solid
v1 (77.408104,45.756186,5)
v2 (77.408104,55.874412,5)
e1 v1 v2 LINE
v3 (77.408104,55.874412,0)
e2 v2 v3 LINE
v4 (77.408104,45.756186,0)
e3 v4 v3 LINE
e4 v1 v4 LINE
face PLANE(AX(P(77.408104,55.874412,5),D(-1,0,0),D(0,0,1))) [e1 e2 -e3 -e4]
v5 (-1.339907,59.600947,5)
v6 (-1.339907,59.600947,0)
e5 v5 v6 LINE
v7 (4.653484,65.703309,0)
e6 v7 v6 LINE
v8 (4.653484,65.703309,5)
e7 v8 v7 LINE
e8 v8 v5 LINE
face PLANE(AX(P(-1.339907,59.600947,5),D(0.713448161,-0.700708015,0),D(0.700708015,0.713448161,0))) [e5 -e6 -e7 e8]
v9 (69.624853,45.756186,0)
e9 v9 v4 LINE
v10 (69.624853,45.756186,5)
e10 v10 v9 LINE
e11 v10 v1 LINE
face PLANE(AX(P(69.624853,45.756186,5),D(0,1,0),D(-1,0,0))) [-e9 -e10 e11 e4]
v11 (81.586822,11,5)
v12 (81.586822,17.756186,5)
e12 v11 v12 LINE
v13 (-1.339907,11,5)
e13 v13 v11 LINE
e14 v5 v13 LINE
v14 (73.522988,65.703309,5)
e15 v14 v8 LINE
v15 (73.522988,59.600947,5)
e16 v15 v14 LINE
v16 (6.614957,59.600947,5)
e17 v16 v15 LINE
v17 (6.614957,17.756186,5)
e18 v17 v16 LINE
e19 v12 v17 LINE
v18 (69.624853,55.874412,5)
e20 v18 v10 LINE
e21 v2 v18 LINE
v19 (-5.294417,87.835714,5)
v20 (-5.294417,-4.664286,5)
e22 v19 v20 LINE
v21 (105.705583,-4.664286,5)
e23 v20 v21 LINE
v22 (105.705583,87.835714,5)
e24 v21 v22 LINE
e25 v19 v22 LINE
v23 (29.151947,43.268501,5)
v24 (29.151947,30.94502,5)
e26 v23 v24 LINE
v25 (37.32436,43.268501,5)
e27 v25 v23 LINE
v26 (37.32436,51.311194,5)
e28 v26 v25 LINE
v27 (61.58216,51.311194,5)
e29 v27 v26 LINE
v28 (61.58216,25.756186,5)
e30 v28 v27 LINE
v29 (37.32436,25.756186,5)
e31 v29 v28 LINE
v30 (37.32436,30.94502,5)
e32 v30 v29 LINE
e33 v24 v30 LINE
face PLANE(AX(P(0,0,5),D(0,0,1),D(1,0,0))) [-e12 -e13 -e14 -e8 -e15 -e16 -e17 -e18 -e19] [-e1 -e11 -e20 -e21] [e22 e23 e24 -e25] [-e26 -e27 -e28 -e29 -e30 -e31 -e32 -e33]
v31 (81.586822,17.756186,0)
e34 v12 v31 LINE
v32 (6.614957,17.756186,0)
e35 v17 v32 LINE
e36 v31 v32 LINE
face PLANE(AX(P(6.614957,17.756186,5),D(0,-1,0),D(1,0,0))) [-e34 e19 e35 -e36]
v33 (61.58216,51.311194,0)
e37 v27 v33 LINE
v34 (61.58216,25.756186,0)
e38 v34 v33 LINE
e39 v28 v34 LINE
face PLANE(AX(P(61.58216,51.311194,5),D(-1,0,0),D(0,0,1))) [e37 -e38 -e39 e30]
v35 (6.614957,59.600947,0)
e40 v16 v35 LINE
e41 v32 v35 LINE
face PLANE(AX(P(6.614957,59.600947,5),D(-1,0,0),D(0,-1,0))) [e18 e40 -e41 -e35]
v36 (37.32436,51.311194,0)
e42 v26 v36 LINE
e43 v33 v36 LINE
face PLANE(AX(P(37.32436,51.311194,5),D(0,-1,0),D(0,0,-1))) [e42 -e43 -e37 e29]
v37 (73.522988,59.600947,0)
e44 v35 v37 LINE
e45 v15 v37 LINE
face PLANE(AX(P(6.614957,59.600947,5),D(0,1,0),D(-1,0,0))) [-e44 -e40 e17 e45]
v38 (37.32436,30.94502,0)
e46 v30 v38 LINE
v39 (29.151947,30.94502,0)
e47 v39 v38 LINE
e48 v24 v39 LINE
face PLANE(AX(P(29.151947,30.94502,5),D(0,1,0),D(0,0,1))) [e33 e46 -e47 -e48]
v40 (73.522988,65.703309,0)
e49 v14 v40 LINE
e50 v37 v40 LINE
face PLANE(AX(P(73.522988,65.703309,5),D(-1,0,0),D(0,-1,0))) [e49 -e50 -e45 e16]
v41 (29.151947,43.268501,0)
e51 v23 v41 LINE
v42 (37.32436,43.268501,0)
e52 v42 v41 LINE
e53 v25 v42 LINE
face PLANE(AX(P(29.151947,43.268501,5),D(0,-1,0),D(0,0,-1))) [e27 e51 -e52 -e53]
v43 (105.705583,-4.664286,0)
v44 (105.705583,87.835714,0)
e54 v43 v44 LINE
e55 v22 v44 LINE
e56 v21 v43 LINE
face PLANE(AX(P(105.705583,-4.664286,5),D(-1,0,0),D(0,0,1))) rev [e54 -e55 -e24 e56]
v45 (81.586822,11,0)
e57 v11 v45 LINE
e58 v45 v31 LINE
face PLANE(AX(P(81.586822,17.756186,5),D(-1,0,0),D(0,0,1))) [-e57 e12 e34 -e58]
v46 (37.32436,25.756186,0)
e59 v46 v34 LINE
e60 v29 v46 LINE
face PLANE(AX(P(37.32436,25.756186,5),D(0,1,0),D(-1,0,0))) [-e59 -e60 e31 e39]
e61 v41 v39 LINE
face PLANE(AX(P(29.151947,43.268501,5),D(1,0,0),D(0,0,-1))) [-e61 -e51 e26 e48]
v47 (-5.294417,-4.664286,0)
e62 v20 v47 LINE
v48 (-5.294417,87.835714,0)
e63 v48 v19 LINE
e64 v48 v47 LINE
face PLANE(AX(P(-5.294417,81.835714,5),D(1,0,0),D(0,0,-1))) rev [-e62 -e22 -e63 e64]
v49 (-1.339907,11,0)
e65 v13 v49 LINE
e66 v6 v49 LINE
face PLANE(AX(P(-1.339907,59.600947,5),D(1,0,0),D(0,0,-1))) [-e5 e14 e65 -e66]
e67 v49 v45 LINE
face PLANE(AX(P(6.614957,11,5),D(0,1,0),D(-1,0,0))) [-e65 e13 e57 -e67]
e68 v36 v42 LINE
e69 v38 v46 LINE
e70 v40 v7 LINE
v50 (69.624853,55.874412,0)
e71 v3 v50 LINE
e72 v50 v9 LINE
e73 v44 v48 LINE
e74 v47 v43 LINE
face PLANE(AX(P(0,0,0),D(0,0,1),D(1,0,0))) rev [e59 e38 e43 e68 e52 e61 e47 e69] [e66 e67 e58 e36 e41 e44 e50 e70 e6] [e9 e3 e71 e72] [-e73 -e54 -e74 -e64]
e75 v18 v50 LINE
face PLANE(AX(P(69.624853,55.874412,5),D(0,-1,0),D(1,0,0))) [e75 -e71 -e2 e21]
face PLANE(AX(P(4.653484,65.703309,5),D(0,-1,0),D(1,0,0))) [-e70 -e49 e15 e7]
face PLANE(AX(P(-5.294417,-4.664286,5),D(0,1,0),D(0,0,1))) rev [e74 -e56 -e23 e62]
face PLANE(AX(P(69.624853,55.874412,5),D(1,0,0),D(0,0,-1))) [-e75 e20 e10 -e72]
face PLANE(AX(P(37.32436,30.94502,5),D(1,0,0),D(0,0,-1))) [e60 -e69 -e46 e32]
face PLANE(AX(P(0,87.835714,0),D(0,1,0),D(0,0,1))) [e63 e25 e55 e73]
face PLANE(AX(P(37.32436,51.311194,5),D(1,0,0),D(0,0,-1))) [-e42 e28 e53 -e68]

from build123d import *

# Parameters (mm, degrees)
CROQUIS1_W              = 111
CROQUIS1_H              = 86.5
CROQUIS1_W_2            = 7.783251258
CROQUIS1_H_2            = 10.118226634
SALIENTE_EXTRUIR1_DEPTH = 5
CROQUIS3_W              = 111
CROQUIS3_H              = 5
SALIENTE_EXTRUIR2_DEPTH = 6


with BuildPart() as part:
    # Croquis1 → Saliente-Extruir1 (new body)
    with BuildSketch(Plane.XY):
        with Locations((50.205582562, 38.585714286)):
            Rectangle(CROQUIS1_W, CROQUIS1_H)
        Polygon((-1.339906851, 59.600947476), (4.653483533, 65.703308594), (73.52298758, 65.703308594), (73.52298758, 59.600947476), (6.614956749, 59.600947476), (6.614956749, 17.756185524), (81.586821915, 17.756185524), (81.586821915, 11), (6.614956749, 11), (-1.339906851, 11), align=None, mode=Mode.SUBTRACT)
        Polygon((29.151946634, 43.268500853), (37.324360454, 43.268500853), (37.324360454, 51.311193819), (61.582160207, 51.311193819), (61.582160207, 25.756185524), (37.324360454, 25.756185524), (37.324360454, 30.945019695), (29.151946634, 30.945019695), align=None, mode=Mode.SUBTRACT)
        with Locations((73.516478802, 50.815298841)):
            Rectangle(CROQUIS1_W_2, CROQUIS1_H_2, mode=Mode.SUBTRACT)
    extrude(amount=SALIENTE_EXTRUIR1_DEPTH)

    # Croquis3 → Saliente-Extruir2 (add)
    with BuildSketch(Plane(origin=(0, 81.835714286, 0), x_dir=(1, 0, 0), z_dir=(0, 1, 0))):
        with Locations((50.205582562, -2.5)):
            Rectangle(CROQUIS3_W, CROQUIS3_H)
    extrude(amount=SALIENTE_EXTRUIR2_DEPTH)


solid = part.part
